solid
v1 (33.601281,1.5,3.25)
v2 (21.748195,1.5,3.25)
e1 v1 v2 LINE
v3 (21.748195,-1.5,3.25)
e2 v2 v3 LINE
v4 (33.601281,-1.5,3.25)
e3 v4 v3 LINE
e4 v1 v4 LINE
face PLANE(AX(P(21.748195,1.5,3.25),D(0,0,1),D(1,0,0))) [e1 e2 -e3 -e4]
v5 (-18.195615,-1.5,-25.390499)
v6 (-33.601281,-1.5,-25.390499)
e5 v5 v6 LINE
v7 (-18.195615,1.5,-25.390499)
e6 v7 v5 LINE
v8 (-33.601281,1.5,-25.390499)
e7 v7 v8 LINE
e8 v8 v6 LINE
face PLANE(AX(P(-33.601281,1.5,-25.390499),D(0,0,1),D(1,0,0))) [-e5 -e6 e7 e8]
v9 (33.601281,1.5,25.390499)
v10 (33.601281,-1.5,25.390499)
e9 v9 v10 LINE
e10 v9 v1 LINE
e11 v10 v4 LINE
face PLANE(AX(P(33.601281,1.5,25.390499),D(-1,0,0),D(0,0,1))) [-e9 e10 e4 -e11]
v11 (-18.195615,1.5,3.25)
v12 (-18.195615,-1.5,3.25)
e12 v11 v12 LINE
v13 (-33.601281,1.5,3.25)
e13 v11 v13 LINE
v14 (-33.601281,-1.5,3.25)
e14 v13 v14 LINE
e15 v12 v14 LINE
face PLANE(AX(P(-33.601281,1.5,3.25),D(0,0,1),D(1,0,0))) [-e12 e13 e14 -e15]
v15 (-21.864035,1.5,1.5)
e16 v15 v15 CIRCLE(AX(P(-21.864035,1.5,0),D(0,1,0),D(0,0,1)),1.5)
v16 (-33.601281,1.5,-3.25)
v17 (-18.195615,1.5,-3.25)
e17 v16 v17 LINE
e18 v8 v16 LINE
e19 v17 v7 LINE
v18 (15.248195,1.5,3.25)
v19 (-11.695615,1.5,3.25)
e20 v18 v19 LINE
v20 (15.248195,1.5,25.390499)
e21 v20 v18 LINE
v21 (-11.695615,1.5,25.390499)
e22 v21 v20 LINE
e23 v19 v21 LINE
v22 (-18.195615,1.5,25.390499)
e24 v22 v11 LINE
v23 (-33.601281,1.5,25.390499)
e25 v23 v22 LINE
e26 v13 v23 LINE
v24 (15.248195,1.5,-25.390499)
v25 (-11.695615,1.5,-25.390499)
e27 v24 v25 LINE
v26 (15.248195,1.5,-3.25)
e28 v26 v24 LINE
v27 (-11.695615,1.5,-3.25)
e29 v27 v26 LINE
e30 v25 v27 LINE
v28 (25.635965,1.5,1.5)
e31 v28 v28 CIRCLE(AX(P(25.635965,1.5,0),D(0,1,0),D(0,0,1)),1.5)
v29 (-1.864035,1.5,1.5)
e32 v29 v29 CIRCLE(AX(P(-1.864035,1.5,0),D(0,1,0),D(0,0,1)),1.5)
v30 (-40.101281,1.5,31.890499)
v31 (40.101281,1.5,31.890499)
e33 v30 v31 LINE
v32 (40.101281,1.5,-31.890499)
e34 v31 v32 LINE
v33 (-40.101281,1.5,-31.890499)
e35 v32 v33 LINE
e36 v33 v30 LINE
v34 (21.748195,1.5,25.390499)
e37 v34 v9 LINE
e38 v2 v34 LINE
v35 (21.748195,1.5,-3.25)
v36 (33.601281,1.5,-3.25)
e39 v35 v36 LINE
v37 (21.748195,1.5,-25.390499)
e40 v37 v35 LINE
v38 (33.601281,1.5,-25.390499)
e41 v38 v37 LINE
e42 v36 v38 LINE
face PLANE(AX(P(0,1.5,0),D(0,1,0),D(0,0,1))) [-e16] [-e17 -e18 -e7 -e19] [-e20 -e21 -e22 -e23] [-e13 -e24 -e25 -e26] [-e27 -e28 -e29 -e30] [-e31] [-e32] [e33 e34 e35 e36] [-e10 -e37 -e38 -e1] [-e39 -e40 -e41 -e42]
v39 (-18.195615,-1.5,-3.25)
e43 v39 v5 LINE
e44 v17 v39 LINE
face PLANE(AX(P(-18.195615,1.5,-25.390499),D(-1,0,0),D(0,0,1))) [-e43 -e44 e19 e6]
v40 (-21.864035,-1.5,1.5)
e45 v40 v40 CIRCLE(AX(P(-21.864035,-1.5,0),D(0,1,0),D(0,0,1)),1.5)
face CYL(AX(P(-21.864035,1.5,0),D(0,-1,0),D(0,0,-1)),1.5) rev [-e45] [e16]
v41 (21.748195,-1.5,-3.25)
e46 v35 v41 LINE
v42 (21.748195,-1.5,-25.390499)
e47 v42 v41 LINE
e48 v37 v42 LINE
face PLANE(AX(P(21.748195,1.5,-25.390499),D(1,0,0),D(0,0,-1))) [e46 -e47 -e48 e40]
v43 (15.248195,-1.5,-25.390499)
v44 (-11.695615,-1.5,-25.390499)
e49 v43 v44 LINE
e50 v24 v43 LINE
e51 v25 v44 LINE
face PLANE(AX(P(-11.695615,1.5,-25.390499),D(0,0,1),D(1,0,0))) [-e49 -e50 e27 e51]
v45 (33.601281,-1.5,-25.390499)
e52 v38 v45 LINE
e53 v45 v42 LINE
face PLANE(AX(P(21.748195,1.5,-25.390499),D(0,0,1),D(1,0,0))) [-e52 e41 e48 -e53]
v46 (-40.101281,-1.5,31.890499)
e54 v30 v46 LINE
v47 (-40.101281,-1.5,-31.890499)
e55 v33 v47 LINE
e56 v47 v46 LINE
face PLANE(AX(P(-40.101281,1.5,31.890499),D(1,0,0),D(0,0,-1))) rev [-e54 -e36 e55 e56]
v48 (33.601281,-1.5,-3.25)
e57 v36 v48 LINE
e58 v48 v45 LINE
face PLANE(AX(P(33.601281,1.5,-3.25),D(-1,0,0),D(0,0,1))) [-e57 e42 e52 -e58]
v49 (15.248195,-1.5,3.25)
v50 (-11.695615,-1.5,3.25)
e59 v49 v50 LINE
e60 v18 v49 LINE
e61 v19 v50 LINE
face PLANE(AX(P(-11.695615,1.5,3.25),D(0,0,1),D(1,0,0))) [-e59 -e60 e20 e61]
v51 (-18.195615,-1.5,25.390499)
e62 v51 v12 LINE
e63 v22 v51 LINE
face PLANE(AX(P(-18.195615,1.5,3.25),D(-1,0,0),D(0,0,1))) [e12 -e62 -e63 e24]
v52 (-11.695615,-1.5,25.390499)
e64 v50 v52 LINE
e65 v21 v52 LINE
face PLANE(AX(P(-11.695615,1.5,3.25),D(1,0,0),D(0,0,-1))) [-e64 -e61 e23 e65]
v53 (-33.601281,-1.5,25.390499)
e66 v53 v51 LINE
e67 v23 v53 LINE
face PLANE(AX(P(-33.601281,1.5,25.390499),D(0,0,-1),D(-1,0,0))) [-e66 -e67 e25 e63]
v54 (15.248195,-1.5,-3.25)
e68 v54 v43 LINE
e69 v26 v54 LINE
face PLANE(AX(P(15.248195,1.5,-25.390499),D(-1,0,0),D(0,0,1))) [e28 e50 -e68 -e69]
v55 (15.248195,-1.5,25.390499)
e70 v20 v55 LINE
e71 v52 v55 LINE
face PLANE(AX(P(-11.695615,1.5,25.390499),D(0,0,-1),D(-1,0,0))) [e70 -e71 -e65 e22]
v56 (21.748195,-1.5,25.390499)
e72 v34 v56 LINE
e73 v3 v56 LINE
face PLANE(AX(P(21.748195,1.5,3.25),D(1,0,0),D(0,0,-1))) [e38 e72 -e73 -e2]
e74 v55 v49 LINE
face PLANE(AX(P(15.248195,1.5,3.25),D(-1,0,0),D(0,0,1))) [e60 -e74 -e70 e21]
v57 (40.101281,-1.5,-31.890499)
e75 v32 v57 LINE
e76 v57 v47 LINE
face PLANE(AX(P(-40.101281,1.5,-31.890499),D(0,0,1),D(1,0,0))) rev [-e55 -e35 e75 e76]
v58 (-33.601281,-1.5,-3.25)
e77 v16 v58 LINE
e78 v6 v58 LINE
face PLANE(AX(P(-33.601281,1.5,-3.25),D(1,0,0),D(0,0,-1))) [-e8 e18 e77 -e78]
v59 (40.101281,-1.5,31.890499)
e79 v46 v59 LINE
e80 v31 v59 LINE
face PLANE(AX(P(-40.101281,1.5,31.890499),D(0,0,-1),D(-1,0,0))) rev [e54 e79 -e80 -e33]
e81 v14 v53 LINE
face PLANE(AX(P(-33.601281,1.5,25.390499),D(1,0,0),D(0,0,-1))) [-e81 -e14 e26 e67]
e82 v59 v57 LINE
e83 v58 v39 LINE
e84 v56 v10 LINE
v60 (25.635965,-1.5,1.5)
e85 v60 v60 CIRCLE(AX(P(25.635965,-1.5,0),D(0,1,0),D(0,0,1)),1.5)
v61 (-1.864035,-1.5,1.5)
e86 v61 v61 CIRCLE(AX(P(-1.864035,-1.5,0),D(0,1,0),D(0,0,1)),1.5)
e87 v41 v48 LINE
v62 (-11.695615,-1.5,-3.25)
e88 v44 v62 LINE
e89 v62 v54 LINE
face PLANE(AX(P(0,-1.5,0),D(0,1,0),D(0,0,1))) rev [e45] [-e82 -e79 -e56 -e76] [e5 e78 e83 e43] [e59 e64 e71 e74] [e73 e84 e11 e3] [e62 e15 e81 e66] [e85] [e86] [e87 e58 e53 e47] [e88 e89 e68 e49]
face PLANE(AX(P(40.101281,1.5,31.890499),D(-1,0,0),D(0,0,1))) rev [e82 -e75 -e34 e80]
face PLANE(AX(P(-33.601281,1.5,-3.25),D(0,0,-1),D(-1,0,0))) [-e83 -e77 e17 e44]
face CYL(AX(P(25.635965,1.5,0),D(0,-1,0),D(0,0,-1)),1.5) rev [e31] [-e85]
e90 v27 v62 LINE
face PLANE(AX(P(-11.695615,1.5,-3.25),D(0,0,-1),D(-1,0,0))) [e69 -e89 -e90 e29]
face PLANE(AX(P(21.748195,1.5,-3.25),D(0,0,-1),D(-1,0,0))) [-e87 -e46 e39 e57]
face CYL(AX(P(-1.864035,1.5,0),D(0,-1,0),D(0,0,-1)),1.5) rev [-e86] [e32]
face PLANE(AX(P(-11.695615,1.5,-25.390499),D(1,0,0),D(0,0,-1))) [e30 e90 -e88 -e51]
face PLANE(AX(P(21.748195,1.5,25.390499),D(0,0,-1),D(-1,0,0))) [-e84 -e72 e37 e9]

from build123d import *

# Parameters (mm, degrees)
SKETCH1_W           = 80.20256146
SKETCH1_H           = 63.780997334
SKETCH1_R           = 1.5
SKETCH1_W_2         = 15.405665538
SKETCH1_H_2         = 22.140498667
SKETCH1_W_3         = 11.853085899
SKETCH1_W_4         = 26.943810023
BOSS_EXTRUDE1_DEPTH = 1.5


with BuildPart() as part:
    # Sketch1 → Boss-Extrude1 (new, symmetric)
    with BuildSketch(Plane(origin=(0, 0, 0), x_dir=(1, 0, 0), z_dir=(0, 1, 0))):
        Rectangle(SKETCH1_W, SKETCH1_H)
        with Locations(Location((-21.864035064, 0, 0), (0, 0, 270))):
            Circle(SKETCH1_R, mode=Mode.SUBTRACT)
        with Locations(Location((-1.864035064, 0, 0), (0, 0, 270))):
            Circle(SKETCH1_R, mode=Mode.SUBTRACT)
        with Locations(Location((25.635964936, 0, 0), (0, 0, 270))):
            Circle(SKETCH1_R, mode=Mode.SUBTRACT)
        with Locations((-25.898447961, -14.320249334)):
            Rectangle(SKETCH1_W_2, SKETCH1_H_2, mode=Mode.SUBTRACT)
        with Locations((-25.898447961, 14.320249334)):
            Rectangle(SKETCH1_W_2, SKETCH1_H_2, mode=Mode.SUBTRACT)
        with Locations((27.674737781, -14.320249334)):
            Rectangle(SKETCH1_W_3, SKETCH1_H_2, mode=Mode.SUBTRACT)
        with Locations((1.77628982, 14.320249334)):
            Rectangle(SKETCH1_W_4, SKETCH1_H_2, mode=Mode.SUBTRACT)
        with Locations((27.674737781, 14.320249334)):
            Rectangle(SKETCH1_W_3, SKETCH1_H_2, mode=Mode.SUBTRACT)
        with Locations((1.77628982, -14.320249334)):
            Rectangle(SKETCH1_W_4, SKETCH1_H_2, mode=Mode.SUBTRACT)
    extrude(amount=BOSS_EXTRUDE1_DEPTH, both=True)


solid = part.part
